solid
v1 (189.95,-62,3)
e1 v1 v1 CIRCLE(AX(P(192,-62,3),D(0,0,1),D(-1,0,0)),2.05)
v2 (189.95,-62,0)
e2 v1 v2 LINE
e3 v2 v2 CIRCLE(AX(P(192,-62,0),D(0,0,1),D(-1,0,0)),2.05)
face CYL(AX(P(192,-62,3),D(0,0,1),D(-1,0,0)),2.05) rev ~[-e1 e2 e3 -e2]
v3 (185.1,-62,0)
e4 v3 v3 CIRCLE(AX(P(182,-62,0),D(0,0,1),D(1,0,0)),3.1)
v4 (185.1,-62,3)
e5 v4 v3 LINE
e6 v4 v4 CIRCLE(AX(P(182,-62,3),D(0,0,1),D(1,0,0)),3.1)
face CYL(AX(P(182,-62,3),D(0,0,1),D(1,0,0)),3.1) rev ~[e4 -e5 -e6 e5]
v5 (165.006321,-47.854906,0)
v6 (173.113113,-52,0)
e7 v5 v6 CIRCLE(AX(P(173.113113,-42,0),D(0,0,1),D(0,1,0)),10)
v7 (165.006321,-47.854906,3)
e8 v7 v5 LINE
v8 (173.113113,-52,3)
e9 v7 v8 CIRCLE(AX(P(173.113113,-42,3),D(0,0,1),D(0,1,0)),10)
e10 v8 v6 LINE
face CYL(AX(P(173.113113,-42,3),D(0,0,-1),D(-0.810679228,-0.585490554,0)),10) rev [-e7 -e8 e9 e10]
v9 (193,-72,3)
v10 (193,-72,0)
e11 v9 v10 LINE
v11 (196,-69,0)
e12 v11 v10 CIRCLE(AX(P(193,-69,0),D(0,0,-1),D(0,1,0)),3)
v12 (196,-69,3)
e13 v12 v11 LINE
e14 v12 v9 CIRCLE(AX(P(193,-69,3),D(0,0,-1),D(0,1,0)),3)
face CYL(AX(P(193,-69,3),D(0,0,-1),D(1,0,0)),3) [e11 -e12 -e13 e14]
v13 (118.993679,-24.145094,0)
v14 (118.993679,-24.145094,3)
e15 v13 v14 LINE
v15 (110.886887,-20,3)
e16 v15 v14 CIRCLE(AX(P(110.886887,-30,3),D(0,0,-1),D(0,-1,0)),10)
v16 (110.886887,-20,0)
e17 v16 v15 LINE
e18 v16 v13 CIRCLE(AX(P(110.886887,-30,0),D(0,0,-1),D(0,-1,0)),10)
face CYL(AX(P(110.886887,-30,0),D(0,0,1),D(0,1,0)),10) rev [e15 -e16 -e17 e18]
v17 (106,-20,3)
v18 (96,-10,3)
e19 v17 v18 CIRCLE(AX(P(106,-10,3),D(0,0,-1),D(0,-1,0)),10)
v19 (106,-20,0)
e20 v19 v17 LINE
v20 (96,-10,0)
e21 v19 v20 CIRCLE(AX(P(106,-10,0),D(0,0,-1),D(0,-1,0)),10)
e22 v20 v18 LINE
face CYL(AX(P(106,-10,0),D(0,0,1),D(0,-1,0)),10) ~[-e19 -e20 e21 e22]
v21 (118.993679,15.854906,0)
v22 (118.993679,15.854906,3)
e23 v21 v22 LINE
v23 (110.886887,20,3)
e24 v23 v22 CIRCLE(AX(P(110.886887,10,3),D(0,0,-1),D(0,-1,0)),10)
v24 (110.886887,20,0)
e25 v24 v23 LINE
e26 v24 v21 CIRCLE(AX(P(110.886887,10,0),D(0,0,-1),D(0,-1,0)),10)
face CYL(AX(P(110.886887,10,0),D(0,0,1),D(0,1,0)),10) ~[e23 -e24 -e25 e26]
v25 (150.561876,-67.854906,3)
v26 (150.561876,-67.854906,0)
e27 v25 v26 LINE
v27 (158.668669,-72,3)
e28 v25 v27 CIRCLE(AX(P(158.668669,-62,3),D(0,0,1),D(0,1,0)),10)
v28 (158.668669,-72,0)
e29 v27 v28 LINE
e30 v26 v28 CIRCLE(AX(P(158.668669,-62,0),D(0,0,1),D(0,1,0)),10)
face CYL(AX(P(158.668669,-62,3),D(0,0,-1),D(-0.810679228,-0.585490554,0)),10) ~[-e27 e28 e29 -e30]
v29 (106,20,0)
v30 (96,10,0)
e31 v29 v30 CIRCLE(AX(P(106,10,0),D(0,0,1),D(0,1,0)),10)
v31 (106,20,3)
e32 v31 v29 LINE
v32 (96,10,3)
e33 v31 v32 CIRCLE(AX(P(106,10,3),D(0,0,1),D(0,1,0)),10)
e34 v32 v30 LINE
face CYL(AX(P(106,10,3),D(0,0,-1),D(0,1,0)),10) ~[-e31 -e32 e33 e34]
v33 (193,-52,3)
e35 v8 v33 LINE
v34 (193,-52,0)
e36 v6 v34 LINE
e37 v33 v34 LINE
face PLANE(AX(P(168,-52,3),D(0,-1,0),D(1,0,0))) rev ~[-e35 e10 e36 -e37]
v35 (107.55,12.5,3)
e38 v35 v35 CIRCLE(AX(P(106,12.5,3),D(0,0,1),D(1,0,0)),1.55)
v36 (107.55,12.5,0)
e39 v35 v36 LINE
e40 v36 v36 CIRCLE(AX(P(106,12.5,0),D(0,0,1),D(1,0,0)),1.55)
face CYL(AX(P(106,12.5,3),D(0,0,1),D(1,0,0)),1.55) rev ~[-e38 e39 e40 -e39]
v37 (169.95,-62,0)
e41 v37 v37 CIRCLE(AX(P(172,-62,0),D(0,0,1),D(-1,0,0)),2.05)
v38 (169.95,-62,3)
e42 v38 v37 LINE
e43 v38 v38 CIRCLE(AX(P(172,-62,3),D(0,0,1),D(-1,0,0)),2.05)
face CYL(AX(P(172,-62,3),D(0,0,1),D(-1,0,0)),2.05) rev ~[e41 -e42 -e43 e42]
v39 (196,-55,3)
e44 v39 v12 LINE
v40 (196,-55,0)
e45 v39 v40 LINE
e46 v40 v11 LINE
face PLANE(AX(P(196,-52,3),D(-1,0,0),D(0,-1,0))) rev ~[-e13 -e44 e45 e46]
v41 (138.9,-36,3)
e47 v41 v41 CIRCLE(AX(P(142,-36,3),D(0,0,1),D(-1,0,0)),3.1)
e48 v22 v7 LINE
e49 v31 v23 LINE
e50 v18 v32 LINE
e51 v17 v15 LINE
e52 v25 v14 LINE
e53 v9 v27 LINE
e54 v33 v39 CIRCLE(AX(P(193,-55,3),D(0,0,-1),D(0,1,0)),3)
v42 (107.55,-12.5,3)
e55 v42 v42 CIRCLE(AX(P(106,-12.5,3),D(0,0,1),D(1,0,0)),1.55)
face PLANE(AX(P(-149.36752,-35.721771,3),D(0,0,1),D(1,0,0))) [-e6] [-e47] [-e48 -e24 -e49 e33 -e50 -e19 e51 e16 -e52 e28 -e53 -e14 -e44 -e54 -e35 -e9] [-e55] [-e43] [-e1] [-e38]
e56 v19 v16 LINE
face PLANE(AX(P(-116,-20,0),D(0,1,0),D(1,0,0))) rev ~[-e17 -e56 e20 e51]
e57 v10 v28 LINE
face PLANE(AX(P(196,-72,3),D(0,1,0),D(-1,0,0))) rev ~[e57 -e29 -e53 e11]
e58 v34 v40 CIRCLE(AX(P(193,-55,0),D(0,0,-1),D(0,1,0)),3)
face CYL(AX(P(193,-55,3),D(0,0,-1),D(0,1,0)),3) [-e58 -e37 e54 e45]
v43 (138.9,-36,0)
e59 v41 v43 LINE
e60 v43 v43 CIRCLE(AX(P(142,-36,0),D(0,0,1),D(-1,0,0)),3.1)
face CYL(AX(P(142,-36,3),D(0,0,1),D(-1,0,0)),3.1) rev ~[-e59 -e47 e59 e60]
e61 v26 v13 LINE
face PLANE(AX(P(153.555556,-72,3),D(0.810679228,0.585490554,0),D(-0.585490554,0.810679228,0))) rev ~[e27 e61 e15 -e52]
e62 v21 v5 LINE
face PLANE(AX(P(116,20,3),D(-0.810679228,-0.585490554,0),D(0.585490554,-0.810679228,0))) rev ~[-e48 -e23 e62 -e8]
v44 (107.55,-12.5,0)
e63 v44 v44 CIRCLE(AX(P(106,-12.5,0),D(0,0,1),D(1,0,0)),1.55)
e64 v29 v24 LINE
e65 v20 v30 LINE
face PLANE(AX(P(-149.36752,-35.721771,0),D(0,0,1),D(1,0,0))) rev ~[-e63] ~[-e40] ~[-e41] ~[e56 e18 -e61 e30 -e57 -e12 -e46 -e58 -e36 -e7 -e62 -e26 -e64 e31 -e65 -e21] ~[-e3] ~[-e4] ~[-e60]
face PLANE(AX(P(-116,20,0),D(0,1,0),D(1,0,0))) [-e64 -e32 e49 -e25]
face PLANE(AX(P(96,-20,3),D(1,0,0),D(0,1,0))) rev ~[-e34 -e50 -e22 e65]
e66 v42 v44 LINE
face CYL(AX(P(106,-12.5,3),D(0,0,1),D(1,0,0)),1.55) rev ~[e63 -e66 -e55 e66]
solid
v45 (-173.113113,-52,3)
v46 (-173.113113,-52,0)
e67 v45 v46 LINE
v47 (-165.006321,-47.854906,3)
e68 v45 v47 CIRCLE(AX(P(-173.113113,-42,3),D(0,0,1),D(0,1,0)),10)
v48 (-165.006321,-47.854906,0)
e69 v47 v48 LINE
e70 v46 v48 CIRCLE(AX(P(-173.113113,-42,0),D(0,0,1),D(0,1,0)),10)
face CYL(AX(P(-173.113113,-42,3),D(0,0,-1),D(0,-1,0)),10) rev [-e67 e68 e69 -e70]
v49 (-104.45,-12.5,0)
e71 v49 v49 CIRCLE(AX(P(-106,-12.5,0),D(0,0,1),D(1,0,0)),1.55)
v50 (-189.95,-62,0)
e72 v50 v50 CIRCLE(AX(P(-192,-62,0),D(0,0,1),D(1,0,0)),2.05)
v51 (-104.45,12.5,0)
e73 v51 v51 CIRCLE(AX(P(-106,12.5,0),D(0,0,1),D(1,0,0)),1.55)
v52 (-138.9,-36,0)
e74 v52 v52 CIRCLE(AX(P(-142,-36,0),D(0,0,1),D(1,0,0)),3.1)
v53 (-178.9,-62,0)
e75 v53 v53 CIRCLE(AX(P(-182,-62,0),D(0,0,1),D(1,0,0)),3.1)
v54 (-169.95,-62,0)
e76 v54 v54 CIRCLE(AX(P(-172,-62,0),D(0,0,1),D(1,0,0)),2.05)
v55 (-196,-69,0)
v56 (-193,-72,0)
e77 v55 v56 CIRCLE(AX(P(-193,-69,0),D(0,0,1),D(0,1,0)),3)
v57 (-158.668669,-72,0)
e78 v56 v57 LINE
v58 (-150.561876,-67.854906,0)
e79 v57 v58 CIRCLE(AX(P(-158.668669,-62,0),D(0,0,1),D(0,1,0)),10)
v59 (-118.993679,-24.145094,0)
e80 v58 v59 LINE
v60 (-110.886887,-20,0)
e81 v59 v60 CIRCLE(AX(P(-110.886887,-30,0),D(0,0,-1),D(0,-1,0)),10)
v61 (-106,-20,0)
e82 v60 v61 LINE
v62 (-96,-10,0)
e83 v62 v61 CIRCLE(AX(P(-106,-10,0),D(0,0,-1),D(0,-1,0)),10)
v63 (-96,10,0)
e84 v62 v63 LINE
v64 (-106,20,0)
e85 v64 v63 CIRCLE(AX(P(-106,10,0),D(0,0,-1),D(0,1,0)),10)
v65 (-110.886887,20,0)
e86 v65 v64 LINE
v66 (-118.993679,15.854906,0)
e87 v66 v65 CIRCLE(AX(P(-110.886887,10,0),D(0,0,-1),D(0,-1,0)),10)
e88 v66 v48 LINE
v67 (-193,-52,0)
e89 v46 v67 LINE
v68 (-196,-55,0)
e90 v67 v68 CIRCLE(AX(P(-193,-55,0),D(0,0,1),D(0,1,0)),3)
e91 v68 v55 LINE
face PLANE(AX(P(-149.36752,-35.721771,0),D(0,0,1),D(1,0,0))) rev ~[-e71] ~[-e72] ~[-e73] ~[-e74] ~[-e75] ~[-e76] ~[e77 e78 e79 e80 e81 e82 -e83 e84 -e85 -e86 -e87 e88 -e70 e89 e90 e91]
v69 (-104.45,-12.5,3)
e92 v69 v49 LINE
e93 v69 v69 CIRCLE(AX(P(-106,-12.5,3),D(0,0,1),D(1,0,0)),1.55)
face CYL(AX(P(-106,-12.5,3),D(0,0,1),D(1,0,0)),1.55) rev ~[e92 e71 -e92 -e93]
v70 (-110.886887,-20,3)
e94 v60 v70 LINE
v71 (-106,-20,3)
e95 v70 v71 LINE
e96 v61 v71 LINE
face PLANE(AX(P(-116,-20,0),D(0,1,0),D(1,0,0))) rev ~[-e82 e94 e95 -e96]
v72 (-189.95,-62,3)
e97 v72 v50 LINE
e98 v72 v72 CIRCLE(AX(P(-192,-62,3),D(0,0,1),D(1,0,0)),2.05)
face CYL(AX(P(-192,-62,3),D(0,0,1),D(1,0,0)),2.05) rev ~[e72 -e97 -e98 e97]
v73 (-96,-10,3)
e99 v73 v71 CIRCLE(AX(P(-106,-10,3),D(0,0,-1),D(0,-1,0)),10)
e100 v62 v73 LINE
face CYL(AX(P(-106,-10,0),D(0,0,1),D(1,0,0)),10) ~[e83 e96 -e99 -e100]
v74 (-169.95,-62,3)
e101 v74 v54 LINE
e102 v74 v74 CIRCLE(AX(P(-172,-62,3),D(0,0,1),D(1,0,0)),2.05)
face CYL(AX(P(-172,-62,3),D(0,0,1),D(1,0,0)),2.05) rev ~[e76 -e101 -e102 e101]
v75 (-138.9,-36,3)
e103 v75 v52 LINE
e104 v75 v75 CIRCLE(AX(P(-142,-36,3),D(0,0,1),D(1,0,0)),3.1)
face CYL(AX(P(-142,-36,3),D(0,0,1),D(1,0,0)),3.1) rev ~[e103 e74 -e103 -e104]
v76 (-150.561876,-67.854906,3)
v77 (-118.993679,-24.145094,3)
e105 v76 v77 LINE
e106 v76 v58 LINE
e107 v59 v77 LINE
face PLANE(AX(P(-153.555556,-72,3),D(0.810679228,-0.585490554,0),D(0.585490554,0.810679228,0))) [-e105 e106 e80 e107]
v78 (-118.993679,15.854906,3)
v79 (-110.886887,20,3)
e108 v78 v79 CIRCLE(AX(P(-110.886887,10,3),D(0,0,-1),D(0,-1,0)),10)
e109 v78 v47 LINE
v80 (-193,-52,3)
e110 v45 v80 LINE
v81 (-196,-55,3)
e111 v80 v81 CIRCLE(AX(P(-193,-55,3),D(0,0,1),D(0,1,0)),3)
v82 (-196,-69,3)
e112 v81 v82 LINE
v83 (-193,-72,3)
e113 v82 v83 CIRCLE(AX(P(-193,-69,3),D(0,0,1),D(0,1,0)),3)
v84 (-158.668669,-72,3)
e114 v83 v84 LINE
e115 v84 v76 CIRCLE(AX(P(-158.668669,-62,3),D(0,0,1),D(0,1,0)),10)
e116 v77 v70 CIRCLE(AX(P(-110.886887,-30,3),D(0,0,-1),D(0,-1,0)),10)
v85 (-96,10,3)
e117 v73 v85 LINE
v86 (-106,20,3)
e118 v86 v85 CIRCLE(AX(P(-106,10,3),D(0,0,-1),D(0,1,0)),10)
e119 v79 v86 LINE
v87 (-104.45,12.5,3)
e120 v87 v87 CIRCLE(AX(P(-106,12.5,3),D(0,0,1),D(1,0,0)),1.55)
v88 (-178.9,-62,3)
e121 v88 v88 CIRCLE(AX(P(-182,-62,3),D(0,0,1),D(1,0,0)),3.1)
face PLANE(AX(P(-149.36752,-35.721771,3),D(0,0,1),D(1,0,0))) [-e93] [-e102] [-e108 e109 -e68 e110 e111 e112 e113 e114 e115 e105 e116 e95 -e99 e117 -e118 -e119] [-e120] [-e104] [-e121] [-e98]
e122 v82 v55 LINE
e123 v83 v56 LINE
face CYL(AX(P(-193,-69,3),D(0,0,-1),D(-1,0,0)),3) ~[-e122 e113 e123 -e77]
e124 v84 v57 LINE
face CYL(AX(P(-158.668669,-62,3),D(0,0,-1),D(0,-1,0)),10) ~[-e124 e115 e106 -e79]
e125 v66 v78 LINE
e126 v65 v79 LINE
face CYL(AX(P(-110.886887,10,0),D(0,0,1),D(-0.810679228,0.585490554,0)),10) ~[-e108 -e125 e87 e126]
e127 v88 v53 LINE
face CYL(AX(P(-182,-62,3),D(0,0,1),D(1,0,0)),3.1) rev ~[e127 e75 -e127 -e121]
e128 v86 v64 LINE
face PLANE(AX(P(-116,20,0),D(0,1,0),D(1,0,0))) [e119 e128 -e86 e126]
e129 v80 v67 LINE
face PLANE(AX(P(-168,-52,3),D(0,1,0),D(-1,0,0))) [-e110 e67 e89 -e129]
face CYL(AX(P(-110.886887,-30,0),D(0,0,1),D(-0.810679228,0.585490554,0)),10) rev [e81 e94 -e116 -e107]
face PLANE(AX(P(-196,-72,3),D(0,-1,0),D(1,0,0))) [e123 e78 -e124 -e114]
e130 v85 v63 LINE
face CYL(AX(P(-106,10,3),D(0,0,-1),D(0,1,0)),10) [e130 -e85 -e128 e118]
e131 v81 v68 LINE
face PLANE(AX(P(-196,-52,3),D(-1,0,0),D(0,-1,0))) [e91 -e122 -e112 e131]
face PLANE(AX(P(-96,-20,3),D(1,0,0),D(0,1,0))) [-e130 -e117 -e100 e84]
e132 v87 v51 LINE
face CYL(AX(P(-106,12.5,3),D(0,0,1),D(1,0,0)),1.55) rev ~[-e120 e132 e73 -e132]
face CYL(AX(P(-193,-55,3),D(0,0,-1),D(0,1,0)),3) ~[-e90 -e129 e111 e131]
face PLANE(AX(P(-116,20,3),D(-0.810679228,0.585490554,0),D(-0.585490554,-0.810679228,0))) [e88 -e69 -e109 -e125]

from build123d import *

# Parameters (mm, degrees)
SKETCH_1_W          = 232
SKETCH_1_H          = 40
SKETCH_1_R          = 2.1
EXTRUDE_1_DEPTH     = 3
SKETCH_2_R          = 3.1
EXTRUDE_2_DEPTH     = 3
SKETCH_4_R          = 1.55
CUT_EXTRUDE_2_DEPTH = 10
FILLET_1_R          = 3
FILLET_2_R          = 10
SKETCH_5_W          = 192
SKETCH_5_H          = 40
CUT_EXTRUDE_3_DEPTH = 5
FILLET_3_R          = 10
FILLET_4_R          = 10
SKETCH_6_R          = 2.05
SKETCH_6_R_2        = 3.1
CUT_EXTRUDE_4_DEPTH = 209.827680158


with BuildPart() as part:
    # 草图1 → 凸台-拉伸1 (new body)
    with BuildSketch(Plane.XY):
        Rectangle(SKETCH_1_W, SKETCH_1_H)
        with Locations((-47.5, 12.5)):
            Circle(SKETCH_1_R, mode=Mode.SUBTRACT)
        with Locations((47.5, 12.5)):
            Circle(SKETCH_1_R, mode=Mode.SUBTRACT)
        with Locations((-47.5, -12.5)):
            Circle(SKETCH_1_R, mode=Mode.SUBTRACT)
        with Locations((47.5, -12.5)):
            Circle(SKETCH_1_R, mode=Mode.SUBTRACT)
    extrude(amount=EXTRUDE_1_DEPTH)

    # 草图2 → 凸台-拉伸2 (add)
    # profile 1 of 2: a face of its own
    with BuildSketch(Plane.XY.offset(3)):
        Polygon((-116, 20), (-168, -52), (-196, -52), (-196, -72), (-153.555555556, -72), (-116, -20), align=None)
        with Locations((-142, -36)):
            Circle(SKETCH_2_R, mode=Mode.SUBTRACT)
    # profile 2 of 2: a face of its own
    with BuildSketch(Plane.XY.offset(3)):
        Polygon((116, 20), (168, -52), (196, -52), (196, -72), (153.555555556, -72), (116, -20), align=None)
        with Locations(Location((142, -36, 0), (0, 0, 180))):
            Circle(SKETCH_2_R, mode=Mode.SUBTRACT)
    extrude(amount=-EXTRUDE_2_DEPTH)

    # 草图4 → 切除-拉伸2 (cut)
    with BuildSketch(Plane.XY.offset(3)):
        with Locations((-106, 12.5)):
            Circle(SKETCH_4_R)
        with Locations((-106, -12.5)):
            Circle(SKETCH_4_R)
        with Locations((106, 12.5)):
            Circle(SKETCH_4_R)
        with Locations((106, -12.5)):
            Circle(SKETCH_4_R)
    extrude(amount=-CUT_EXTRUDE_2_DEPTH, mode=Mode.SUBTRACT)

    # 圆角1
    fillet_1_edges = [part.edges().sort_by_distance(p)[0] for p in [
        (-196, -72, 1.5),
        (-196, -52, 1.5),
        (196, -52, 1.5),
        (196, -72, 1.5),
    ]]
    fillet(fillet_1_edges, radius=FILLET_1_R)

    # 圆角2
    fillet_2_edges = [part.edges().sort_by_distance(p)[0] for p in [
        (-153.555555556, -72, 1.5),
        (-168, -52, 1.5),
        (168, -52, 1.5),
        (153.555555556, -72, 1.5),
        (116, -20, 1.5),
        (-116, -20, 1.5),
        (-116, 20, 1.5),
        (116, 20, 1.5),
    ]]
    fillet(fillet_2_edges, radius=FILLET_2_R)

    # 草图5 → 切除-拉伸3 (cut, symmetric)
    with BuildSketch(Plane.XY.offset(3)):
        Rectangle(SKETCH_5_W, SKETCH_5_H)
    extrude(amount=CUT_EXTRUDE_3_DEPTH, both=True, mode=Mode.SUBTRACT)


with BuildPart() as cut_extrude_3_piece_1:
    # of the separate pieces the step leaves, piece 1, a body of its own (cut_extrude_3_pieces)
    add(part.part.solids().sort_by_distance((96, 20, 0))[0])

    # 圆角4
    fillet_4_edges = [cut_extrude_3_piece_1.edges().sort_by_distance(p)[0] for p in [
        (96, -20, 1.5),
        (96, 20, 1.5),
    ]]
    fillet(fillet_4_edges, radius=FILLET_4_R)


with BuildPart() as cut_extrude_3_piece_2:
    # of the separate pieces the step leaves, piece 2, a body of its own (cut_extrude_3_pieces)
    add(part.part.solids().sort_by_distance((-158.668668506, -72, 0))[0])

    # 圆角3
    fillet_3_edges = [cut_extrude_3_piece_2.edges().sort_by_distance(p)[0] for p in [
        (-96, -20, 1.5),
        (-96, 20, 1.5),
    ]]
    fillet(fillet_3_edges, radius=FILLET_3_R)


with BuildPart() as cut_extrude_4_tool:
    # 草图6 → 切除-拉伸4 (new, through all)
    with BuildSketch(Plane.XY.offset(3)):
        with Locations((-192, -62)):
            Circle(SKETCH_6_R)
        with Locations((-172, -62)):
            Circle(SKETCH_6_R)
        with Locations(Location((172, -62, 0), (0, 0, 180))):
            Circle(SKETCH_6_R)
        with Locations(Location((192, -62, 0), (0, 0, 180))):
            Circle(SKETCH_6_R)
        with Locations((-182, -62)):
            Circle(SKETCH_6_R_2)
        with Locations((182, -62)):
            Circle(SKETCH_6_R_2)
    extrude(amount=-CUT_EXTRUDE_4_DEPTH)


with BuildPart() as cut_extrude_3_piece_1_1:
    add(cut_extrude_3_piece_1.part)

    # 切除-拉伸4: cut by cut_extrude_4_tool
    add(cut_extrude_4_tool.part, mode=Mode.SUBTRACT)


with BuildPart() as cut_extrude_3_piece_2_1:
    add(cut_extrude_3_piece_2.part)

    # 切除-拉伸4: cut by cut_extrude_4_tool
    add(cut_extrude_4_tool.part, mode=Mode.SUBTRACT)


solid = Compound([cut_extrude_3_piece_1_1.part, cut_extrude_3_piece_2_1.part])
